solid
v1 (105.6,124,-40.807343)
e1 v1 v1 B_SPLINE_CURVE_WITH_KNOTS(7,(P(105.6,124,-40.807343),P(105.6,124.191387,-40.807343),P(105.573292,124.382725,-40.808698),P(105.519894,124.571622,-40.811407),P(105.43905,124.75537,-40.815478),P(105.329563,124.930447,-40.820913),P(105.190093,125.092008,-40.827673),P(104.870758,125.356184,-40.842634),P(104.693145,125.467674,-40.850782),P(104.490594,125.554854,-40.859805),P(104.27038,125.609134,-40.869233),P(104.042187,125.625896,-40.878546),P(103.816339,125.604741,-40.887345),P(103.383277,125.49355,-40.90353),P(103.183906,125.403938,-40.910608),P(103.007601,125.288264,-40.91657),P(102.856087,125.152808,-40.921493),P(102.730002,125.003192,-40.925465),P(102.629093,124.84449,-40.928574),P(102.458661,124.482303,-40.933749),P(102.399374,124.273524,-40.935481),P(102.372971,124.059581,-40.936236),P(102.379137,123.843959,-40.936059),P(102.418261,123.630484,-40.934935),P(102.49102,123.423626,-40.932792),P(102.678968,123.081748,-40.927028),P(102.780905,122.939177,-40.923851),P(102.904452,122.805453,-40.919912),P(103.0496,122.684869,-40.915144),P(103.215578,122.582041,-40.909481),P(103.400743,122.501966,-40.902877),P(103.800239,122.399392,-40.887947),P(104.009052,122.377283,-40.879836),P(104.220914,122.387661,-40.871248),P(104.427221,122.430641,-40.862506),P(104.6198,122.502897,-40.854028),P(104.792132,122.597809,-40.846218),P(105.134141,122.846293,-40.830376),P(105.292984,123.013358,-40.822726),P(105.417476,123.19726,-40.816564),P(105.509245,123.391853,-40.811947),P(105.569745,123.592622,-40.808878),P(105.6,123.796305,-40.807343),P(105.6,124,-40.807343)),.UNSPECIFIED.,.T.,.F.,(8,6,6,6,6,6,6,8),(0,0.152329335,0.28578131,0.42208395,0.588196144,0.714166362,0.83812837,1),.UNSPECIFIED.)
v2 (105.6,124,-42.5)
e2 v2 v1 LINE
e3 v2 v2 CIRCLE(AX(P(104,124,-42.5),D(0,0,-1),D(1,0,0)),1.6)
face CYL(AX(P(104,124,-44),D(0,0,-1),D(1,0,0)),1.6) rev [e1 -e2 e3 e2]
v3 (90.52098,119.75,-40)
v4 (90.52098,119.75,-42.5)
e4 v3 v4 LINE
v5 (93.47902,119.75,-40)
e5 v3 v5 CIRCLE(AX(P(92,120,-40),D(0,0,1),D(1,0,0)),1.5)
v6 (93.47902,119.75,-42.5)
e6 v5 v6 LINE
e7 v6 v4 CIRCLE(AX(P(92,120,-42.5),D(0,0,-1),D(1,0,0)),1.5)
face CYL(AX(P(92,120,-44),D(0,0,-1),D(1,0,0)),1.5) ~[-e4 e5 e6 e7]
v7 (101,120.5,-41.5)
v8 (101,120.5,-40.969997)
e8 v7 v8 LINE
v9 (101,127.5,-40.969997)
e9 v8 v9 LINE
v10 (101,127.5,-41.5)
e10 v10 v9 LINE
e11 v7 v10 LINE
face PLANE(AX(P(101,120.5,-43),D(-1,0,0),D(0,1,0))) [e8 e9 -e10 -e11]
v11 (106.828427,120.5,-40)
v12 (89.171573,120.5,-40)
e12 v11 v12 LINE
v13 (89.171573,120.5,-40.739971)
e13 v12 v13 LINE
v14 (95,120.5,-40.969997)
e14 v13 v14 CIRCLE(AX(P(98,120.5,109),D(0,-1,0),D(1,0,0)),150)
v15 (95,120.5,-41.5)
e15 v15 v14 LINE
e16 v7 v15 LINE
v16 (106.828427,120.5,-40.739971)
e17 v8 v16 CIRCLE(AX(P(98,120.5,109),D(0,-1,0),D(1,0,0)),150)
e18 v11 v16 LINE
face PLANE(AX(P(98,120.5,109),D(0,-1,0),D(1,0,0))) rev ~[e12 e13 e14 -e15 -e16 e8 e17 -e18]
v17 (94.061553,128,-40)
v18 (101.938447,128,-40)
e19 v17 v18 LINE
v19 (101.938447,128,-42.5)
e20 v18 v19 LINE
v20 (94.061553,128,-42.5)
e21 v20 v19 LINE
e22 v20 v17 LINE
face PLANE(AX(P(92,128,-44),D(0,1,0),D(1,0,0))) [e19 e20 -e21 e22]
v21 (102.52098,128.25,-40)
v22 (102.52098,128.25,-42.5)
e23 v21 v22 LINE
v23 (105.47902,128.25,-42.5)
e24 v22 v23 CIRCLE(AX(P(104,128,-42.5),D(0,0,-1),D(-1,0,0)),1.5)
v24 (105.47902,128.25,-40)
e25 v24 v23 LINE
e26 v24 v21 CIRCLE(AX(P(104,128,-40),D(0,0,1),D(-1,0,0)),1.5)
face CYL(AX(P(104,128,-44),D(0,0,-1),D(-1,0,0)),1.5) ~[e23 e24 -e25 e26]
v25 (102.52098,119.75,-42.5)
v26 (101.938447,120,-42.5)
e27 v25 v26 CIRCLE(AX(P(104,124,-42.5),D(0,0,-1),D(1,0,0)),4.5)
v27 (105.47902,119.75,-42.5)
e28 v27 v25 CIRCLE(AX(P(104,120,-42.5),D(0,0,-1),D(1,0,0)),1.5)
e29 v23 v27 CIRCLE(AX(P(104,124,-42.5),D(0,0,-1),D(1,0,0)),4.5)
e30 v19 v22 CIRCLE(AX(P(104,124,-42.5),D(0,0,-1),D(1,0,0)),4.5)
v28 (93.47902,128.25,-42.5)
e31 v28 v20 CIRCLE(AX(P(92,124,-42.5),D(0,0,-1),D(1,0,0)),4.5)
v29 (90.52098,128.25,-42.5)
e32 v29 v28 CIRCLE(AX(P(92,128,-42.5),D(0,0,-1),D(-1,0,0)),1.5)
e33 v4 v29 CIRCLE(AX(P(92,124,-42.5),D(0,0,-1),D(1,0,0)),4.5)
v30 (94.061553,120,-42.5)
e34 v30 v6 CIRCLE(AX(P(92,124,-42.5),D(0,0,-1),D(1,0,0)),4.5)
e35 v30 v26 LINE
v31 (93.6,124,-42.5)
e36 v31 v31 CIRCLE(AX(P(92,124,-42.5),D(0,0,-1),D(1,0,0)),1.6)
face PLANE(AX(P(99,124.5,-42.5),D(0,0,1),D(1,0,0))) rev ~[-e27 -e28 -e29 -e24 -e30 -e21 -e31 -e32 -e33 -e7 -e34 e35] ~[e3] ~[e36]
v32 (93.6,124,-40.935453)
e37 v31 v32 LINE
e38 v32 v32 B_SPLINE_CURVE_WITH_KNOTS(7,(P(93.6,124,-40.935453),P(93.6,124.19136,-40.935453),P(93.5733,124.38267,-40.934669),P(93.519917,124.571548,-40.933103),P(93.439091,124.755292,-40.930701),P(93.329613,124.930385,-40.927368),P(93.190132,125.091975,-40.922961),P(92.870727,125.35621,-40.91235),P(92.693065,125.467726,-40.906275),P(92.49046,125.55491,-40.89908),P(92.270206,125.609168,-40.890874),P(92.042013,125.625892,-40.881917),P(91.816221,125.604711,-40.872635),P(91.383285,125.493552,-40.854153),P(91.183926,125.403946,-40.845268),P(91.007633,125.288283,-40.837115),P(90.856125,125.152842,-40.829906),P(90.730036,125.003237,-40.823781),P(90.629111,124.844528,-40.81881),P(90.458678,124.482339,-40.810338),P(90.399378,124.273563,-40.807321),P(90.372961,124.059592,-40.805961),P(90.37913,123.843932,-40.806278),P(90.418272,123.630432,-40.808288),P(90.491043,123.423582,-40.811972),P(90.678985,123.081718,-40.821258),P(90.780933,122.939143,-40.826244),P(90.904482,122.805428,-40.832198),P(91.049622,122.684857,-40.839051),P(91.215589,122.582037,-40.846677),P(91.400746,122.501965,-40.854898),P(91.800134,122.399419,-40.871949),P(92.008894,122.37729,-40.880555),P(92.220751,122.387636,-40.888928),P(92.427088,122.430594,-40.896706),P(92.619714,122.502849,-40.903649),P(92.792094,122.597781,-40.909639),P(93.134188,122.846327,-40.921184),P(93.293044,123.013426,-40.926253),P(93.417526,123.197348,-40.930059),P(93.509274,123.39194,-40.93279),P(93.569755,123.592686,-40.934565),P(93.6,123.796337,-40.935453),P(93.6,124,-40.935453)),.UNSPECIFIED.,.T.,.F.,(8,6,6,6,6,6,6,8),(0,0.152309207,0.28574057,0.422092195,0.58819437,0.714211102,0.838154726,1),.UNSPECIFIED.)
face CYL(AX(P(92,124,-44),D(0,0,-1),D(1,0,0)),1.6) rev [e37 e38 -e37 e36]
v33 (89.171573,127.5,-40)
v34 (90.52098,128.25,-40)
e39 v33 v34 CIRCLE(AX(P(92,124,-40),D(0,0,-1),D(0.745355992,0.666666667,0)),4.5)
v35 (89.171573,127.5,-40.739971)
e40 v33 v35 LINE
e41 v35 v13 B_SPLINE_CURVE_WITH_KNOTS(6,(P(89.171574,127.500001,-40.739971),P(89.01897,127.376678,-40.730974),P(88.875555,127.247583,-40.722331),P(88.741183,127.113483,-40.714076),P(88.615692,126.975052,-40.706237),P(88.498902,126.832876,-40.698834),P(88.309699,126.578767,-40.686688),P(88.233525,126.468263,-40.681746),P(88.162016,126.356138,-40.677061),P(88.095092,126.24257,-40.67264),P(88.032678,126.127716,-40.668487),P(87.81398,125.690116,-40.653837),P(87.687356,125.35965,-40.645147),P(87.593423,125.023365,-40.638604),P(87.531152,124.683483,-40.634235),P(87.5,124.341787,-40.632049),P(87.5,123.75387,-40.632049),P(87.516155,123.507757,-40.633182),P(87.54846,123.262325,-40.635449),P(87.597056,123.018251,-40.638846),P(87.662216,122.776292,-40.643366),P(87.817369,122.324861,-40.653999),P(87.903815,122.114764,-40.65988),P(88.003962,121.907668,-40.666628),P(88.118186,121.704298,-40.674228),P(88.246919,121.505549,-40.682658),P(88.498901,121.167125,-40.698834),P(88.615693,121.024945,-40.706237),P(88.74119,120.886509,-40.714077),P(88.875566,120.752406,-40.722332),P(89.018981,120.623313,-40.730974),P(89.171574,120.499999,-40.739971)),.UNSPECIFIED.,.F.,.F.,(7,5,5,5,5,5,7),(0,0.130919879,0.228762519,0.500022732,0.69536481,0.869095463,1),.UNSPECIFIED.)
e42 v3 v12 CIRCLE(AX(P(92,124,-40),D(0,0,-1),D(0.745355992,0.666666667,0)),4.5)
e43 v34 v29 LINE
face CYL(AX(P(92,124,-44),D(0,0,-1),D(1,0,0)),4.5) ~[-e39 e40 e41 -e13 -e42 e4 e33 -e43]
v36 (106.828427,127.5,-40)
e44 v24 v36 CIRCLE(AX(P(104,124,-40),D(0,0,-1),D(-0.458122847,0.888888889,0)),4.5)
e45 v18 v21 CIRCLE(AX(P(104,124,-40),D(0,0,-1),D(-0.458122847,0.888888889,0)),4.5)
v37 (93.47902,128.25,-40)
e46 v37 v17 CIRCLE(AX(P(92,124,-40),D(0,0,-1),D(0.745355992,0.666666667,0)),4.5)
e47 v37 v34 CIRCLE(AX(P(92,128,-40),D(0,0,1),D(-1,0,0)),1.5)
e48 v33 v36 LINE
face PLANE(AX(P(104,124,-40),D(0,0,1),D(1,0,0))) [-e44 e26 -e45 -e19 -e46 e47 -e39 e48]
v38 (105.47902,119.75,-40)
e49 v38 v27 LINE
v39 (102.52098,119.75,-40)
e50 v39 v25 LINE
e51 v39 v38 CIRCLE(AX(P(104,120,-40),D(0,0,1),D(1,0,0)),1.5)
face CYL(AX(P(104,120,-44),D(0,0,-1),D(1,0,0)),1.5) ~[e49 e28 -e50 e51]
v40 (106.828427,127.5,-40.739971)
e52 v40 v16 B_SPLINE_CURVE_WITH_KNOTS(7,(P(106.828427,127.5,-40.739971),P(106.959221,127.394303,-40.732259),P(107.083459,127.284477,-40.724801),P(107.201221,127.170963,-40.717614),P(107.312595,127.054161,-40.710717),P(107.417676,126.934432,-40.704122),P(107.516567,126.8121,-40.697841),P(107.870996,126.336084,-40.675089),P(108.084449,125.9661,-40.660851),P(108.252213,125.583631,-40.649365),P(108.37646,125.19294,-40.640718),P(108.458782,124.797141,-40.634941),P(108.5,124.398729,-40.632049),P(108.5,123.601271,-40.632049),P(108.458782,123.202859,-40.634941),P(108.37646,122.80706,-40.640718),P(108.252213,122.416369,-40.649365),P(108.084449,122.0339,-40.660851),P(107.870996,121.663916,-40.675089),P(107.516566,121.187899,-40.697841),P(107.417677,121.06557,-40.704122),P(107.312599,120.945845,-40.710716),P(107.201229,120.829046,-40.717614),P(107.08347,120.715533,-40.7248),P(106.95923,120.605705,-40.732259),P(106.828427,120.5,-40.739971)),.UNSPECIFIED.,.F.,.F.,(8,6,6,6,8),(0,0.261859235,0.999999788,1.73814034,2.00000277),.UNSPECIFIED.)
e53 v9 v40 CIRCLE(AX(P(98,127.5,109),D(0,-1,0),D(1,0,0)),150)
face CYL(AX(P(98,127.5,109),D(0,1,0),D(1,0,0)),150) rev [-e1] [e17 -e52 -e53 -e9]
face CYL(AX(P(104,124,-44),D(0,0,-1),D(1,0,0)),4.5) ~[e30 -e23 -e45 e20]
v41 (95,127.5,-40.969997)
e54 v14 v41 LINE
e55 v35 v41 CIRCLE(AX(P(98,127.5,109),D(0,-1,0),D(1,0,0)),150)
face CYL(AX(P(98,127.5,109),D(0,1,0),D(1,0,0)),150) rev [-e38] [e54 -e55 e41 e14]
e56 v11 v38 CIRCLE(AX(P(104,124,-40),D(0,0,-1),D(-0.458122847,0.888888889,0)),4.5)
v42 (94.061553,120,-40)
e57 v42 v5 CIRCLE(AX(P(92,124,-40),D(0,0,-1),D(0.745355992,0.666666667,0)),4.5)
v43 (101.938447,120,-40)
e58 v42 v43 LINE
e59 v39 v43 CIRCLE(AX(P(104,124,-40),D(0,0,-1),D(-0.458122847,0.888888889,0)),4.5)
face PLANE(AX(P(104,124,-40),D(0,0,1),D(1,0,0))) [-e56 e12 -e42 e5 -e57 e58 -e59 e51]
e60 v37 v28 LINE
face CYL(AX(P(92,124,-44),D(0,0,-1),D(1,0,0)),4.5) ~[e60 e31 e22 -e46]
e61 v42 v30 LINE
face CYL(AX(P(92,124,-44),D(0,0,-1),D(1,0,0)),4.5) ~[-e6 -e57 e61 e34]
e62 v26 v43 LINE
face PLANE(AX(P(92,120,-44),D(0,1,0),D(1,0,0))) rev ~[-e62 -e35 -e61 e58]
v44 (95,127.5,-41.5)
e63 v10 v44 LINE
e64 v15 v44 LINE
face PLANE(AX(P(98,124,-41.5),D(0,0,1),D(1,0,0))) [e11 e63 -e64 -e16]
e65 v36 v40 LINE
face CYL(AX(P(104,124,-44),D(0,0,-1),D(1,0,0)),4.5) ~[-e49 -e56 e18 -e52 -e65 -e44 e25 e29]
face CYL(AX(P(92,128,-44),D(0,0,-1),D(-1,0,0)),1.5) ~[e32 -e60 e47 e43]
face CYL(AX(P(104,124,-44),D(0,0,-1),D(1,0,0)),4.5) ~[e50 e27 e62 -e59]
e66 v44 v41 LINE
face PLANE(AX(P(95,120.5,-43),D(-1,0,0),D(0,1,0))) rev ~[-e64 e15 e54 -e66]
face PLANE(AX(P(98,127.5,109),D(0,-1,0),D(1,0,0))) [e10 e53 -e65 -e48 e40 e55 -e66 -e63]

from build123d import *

# Parameters (mm, degrees)
BOX469_W               = 8
BOX469_H               = 8
BOX469_DEPTH           = 1
BOX468_W               = 26
BOX468_H               = 13
BOX468_DEPTH           = 1.5
BOX467_W               = 6
BOX467_H               = 7
BOX467_DEPTH           = 3
CYLINDER691_R          = 150
CYLINDER691_DEPTH      = 7
CYLINDER691_ROLL_ANGLE = 90
CYLINDER689_R          = 1.6
CYLINDER689_DEPTH      = 10
CYLINDER690_R          = 1.6
CYLINDER690_DEPTH      = 10
BOX466_W               = 10
BOX466_H               = 10
BOX466_DEPTH           = 10
CYLINDER688_R          = 1.5
CYLINDER688_DEPTH      = 4
CUT576_PLACEMENT_ANGLE = 180
BOX465_W               = 10
BOX465_H               = 10
BOX465_DEPTH           = 10
CYLINDER687_R          = 1.5
CYLINDER687_DEPTH      = 4
CUT575_PLACEMENT_ANGLE = 180
BOX464_W               = 10
BOX464_H               = 10
BOX464_DEPTH           = 10
CYLINDER686_R          = 1.5
CYLINDER686_DEPTH      = 4
BOX463_W               = 10
BOX463_H               = 10
BOX463_DEPTH           = 10
CYLINDER685_R          = 1.5
CYLINDER685_DEPTH      = 4
BOX461_W               = 12
BOX461_H               = 0.5
BOX461_DEPTH           = 1
BOX462_W               = 12
BOX462_H               = 0.5
BOX462_DEPTH           = 1
BOX460_W               = 12
BOX460_H               = 1
BOX460_DEPTH           = 4
BOX459_W               = 12
BOX459_H               = 1
BOX459_DEPTH           = 4
CYLINDER684_R          = 4.5
CYLINDER684_DEPTH      = 4
CYLINDER683_R          = 4.5
CYLINDER683_DEPTH      = 4
BOX458_W               = 12
BOX458_H               = 8
BOX458_DEPTH           = 1


with BuildPart() as box469:
    # Box469 → Box469 (new body)
    with BuildSketch(Plane(origin=(2, -4, 0), x_dir=(1, 0, 0), z_dir=(0, 0, 1))):
        with Locations((4, 4)):
            Rectangle(BOX469_W, BOX469_H)
    extrude(amount=BOX469_DEPTH)


with BuildPart() as box468:
    # Box468 → Box468 (new body)
    with BuildSketch(Plane(origin=(-6, -6, 0), x_dir=(1, 0, 0), z_dir=(0, 0, 1))):
        with Locations((13, 6.5)):
            Rectangle(BOX468_W, BOX468_H)
    extrude(amount=BOX468_DEPTH)


with BuildPart() as box467:
    # Box467 → Box467 (new body)
    with BuildSketch(Plane(origin=(3, -3.5, 1), x_dir=(1, 0, 0), z_dir=(0, 0, 1))):
        with Locations((3, 3.5)):
            Rectangle(BOX467_W, BOX467_H)
    extrude(amount=BOX467_DEPTH)


with BuildPart() as cylinder910:
    # Cylinder691 → Cylinder691 (new body)
    with BuildSketch(Plane.XY):
        Circle(CYLINDER691_R)
    extrude(amount=CYLINDER691_DEPTH)


with BuildPart() as cylinder910_1:
    # Cylinder691 roll: moved
    add(cylinder910.part.rotate(Axis((0, 0, 0), (1, 0, 0)), CYLINDER691_ROLL_ANGLE))


with BuildPart() as cylinder910_2:
    # Cylinder691 placement: moved
    add(cylinder910_1.part.moved(Location((6, 3.5, 153))))


with BuildPart() as cylinder908:
    # Cylinder689 → Cylinder689 (new body)
    with BuildSketch(Plane.XY):
        Circle(CYLINDER689_R)
    extrude(amount=CYLINDER689_DEPTH)


with BuildPart() as fusion458:
    # Cylinder690 → Cylinder690 (new body)
    with BuildSketch(Plane(origin=(12, 0, 0), x_dir=(1, 0, 0), z_dir=(0, 0, 1))):
        Circle(CYLINDER690_R)
    extrude(amount=CYLINDER690_DEPTH)

    # Fusion458: union Cylinder908
    add(cylinder908.part)


with BuildPart() as box466:
    # Box466 → Box466 (new body)
    with BuildSketch(Plane(origin=(-5, 0, 0), x_dir=(1, 0, 0), z_dir=(0, 0, 1))):
        with Locations((5, 5)):
            Rectangle(BOX466_W, BOX466_H)
    extrude(amount=BOX466_DEPTH)


with BuildPart() as cut864:
    # Cylinder688 → Cylinder688 (new body)
    with BuildSketch(Plane.XY):
        Circle(CYLINDER688_R)
    extrude(amount=CYLINDER688_DEPTH)

    # Cut576: cut Box466
    add(box466.part, mode=Mode.SUBTRACT)


with BuildPart() as cut864_1:
    # Cut576 placement: moved
    add(cut864.part.moved(Location((12, 4, 0))).rotate(Axis((12, 4, 0), (0, 0, 1)), CUT576_PLACEMENT_ANGLE))


with BuildPart() as box465:
    # Box465 → Box465 (new body)
    with BuildSketch(Plane(origin=(-5, 0, 0), x_dir=(1, 0, 0), z_dir=(0, 0, 1))):
        with Locations((5, 5)):
            Rectangle(BOX465_W, BOX465_H)
    extrude(amount=BOX465_DEPTH)


with BuildPart() as cut863:
    # Cylinder687 → Cylinder687 (new body)
    with BuildSketch(Plane.XY):
        Circle(CYLINDER687_R)
    extrude(amount=CYLINDER687_DEPTH)

    # Cut575: cut Box465
    add(box465.part, mode=Mode.SUBTRACT)


with BuildPart() as cut863_1:
    # Cut575 placement: moved
    add(cut863.part.moved(Location((0, 4, 0))).rotate(Axis((0, 4, 0), (0, 0, 1)), CUT575_PLACEMENT_ANGLE))


with BuildPart() as box464:
    # Box464 → Box464 (new body)
    with BuildSketch(Plane(origin=(-5, 0, 0), x_dir=(1, 0, 0), z_dir=(0, 0, 1))):
        with Locations((5, 5)):
            Rectangle(BOX464_W, BOX464_H)
    extrude(amount=BOX464_DEPTH)


with BuildPart() as cut862:
    # Cylinder686 → Cylinder686 (new body)
    with BuildSketch(Plane.XY):
        Circle(CYLINDER686_R)
    extrude(amount=CYLINDER686_DEPTH)

    # Cut574: cut Box464
    add(box464.part, mode=Mode.SUBTRACT)


with BuildPart() as cut862_1:
    # Cut574 placement: moved
    add(cut862.part.moved(Location((12, -4, 0))))


with BuildPart() as box463:
    # Box463 → Box463 (new body)
    with BuildSketch(Plane(origin=(-5, 0, 0), x_dir=(1, 0, 0), z_dir=(0, 0, 1))):
        with Locations((5, 5)):
            Rectangle(BOX463_W, BOX463_H)
    extrude(amount=BOX463_DEPTH)


with BuildPart() as cut861:
    # Cylinder685 → Cylinder685 (new body)
    with BuildSketch(Plane.XY):
        Circle(CYLINDER685_R)
    extrude(amount=CYLINDER685_DEPTH)

    # Cut573: cut Box463
    add(box463.part, mode=Mode.SUBTRACT)


with BuildPart() as cut861_1:
    # Cut573 placement: moved
    add(cut861.part.moved(Location((0, -4, 0))))


with BuildPart() as box461:
    # Box461 → Box461 (new body)
    with BuildSketch(Plane(origin=(0, 3.5, 3), x_dir=(1, 0, 0), z_dir=(0, 0, 1))):
        with Locations((6, 0.25)):
            Rectangle(BOX461_W, BOX461_H)
    extrude(amount=BOX461_DEPTH)


with BuildPart() as box462:
    # Box462 → Box462 (new body)
    with BuildSketch(Plane(origin=(0, -4, 3), x_dir=(1, 0, 0), z_dir=(0, 0, 1))):
        with Locations((6, 0.25)):
            Rectangle(BOX462_W, BOX462_H)
    extrude(amount=BOX462_DEPTH)


with BuildPart() as box460:
    # Box460 → Box460 (new body)
    with BuildSketch(Plane(origin=(0, 3, 0), x_dir=(1, 0, 0), z_dir=(0, 0, 1))):
        with Locations((6, 0.5)):
            Rectangle(BOX460_W, BOX460_H)
    extrude(amount=BOX460_DEPTH)


with BuildPart() as box459:
    # Box459 → Box459 (new body)
    with BuildSketch(Plane(origin=(0, -4, 0), x_dir=(1, 0, 0), z_dir=(0, 0, 1))):
        with Locations((6, 0.5)):
            Rectangle(BOX459_W, BOX459_H)
    extrude(amount=BOX459_DEPTH)


with BuildPart() as cylinder801:
    # Cylinder684 → Cylinder684 (new body)
    with BuildSketch(Plane(origin=(12, 0, 0), x_dir=(1, 0, 0), z_dir=(0, 0, 1))):
        Circle(CYLINDER684_R)
    extrude(amount=CYLINDER684_DEPTH)


with BuildPart() as cylinder800:
    # Cylinder683 → Cylinder683 (new body)
    with BuildSketch(Plane.XY):
        Circle(CYLINDER683_R)
    extrude(amount=CYLINDER683_DEPTH)


with BuildPart() as leafspring_spacer_front_right:
    # Box458 → Box458 (new body)
    with BuildSketch(Plane(origin=(0, -4, 0), x_dir=(1, 0, 0), z_dir=(0, 0, 1))):
        with Locations((6, 4)):
            Rectangle(BOX458_W, BOX458_H)
    extrude(amount=BOX458_DEPTH)

    # Fusion454: union Cylinder801, Cylinder800
    add(cylinder801.part)
    add(cylinder800.part)

    # Fusion455: union Box460, Box459
    add(box460.part)
    add(box459.part)

    # Fusion456: union Box461, Box462
    add(box461.part)
    add(box462.part)

    # Fusion457: union Cut864, Cut863, Cut862, Cut861
    add(cut864_1.part)
    add(cut863_1.part)
    add(cut862_1.part)
    add(cut861_1.part)

    # Cut577: cut Fusion458
    add(fusion458.part, mode=Mode.SUBTRACT)

    # Cut578: cut Cylinder910
    add(cylinder910_2.part, mode=Mode.SUBTRACT)

    # Cut579: cut Box467
    add(box467.part, mode=Mode.SUBTRACT)

    # Cut580: cut Box468
    add(box468.part, mode=Mode.SUBTRACT)


with BuildPart() as leafspring_spacer_front_right_1:
    # Cut580 placement: moved
    add(leafspring_spacer_front_right.part.moved(Location((0, 0, -1.5))))

    # Fusion459: union Box469
    add(box469.part)


with BuildPart() as leafspring_spacer_front_right_2:
    # Fusion459 placement: moved
    add(leafspring_spacer_front_right_1.part.moved(Location((92, 124, -42.5))))


solid = leafspring_spacer_front_right_2.part
